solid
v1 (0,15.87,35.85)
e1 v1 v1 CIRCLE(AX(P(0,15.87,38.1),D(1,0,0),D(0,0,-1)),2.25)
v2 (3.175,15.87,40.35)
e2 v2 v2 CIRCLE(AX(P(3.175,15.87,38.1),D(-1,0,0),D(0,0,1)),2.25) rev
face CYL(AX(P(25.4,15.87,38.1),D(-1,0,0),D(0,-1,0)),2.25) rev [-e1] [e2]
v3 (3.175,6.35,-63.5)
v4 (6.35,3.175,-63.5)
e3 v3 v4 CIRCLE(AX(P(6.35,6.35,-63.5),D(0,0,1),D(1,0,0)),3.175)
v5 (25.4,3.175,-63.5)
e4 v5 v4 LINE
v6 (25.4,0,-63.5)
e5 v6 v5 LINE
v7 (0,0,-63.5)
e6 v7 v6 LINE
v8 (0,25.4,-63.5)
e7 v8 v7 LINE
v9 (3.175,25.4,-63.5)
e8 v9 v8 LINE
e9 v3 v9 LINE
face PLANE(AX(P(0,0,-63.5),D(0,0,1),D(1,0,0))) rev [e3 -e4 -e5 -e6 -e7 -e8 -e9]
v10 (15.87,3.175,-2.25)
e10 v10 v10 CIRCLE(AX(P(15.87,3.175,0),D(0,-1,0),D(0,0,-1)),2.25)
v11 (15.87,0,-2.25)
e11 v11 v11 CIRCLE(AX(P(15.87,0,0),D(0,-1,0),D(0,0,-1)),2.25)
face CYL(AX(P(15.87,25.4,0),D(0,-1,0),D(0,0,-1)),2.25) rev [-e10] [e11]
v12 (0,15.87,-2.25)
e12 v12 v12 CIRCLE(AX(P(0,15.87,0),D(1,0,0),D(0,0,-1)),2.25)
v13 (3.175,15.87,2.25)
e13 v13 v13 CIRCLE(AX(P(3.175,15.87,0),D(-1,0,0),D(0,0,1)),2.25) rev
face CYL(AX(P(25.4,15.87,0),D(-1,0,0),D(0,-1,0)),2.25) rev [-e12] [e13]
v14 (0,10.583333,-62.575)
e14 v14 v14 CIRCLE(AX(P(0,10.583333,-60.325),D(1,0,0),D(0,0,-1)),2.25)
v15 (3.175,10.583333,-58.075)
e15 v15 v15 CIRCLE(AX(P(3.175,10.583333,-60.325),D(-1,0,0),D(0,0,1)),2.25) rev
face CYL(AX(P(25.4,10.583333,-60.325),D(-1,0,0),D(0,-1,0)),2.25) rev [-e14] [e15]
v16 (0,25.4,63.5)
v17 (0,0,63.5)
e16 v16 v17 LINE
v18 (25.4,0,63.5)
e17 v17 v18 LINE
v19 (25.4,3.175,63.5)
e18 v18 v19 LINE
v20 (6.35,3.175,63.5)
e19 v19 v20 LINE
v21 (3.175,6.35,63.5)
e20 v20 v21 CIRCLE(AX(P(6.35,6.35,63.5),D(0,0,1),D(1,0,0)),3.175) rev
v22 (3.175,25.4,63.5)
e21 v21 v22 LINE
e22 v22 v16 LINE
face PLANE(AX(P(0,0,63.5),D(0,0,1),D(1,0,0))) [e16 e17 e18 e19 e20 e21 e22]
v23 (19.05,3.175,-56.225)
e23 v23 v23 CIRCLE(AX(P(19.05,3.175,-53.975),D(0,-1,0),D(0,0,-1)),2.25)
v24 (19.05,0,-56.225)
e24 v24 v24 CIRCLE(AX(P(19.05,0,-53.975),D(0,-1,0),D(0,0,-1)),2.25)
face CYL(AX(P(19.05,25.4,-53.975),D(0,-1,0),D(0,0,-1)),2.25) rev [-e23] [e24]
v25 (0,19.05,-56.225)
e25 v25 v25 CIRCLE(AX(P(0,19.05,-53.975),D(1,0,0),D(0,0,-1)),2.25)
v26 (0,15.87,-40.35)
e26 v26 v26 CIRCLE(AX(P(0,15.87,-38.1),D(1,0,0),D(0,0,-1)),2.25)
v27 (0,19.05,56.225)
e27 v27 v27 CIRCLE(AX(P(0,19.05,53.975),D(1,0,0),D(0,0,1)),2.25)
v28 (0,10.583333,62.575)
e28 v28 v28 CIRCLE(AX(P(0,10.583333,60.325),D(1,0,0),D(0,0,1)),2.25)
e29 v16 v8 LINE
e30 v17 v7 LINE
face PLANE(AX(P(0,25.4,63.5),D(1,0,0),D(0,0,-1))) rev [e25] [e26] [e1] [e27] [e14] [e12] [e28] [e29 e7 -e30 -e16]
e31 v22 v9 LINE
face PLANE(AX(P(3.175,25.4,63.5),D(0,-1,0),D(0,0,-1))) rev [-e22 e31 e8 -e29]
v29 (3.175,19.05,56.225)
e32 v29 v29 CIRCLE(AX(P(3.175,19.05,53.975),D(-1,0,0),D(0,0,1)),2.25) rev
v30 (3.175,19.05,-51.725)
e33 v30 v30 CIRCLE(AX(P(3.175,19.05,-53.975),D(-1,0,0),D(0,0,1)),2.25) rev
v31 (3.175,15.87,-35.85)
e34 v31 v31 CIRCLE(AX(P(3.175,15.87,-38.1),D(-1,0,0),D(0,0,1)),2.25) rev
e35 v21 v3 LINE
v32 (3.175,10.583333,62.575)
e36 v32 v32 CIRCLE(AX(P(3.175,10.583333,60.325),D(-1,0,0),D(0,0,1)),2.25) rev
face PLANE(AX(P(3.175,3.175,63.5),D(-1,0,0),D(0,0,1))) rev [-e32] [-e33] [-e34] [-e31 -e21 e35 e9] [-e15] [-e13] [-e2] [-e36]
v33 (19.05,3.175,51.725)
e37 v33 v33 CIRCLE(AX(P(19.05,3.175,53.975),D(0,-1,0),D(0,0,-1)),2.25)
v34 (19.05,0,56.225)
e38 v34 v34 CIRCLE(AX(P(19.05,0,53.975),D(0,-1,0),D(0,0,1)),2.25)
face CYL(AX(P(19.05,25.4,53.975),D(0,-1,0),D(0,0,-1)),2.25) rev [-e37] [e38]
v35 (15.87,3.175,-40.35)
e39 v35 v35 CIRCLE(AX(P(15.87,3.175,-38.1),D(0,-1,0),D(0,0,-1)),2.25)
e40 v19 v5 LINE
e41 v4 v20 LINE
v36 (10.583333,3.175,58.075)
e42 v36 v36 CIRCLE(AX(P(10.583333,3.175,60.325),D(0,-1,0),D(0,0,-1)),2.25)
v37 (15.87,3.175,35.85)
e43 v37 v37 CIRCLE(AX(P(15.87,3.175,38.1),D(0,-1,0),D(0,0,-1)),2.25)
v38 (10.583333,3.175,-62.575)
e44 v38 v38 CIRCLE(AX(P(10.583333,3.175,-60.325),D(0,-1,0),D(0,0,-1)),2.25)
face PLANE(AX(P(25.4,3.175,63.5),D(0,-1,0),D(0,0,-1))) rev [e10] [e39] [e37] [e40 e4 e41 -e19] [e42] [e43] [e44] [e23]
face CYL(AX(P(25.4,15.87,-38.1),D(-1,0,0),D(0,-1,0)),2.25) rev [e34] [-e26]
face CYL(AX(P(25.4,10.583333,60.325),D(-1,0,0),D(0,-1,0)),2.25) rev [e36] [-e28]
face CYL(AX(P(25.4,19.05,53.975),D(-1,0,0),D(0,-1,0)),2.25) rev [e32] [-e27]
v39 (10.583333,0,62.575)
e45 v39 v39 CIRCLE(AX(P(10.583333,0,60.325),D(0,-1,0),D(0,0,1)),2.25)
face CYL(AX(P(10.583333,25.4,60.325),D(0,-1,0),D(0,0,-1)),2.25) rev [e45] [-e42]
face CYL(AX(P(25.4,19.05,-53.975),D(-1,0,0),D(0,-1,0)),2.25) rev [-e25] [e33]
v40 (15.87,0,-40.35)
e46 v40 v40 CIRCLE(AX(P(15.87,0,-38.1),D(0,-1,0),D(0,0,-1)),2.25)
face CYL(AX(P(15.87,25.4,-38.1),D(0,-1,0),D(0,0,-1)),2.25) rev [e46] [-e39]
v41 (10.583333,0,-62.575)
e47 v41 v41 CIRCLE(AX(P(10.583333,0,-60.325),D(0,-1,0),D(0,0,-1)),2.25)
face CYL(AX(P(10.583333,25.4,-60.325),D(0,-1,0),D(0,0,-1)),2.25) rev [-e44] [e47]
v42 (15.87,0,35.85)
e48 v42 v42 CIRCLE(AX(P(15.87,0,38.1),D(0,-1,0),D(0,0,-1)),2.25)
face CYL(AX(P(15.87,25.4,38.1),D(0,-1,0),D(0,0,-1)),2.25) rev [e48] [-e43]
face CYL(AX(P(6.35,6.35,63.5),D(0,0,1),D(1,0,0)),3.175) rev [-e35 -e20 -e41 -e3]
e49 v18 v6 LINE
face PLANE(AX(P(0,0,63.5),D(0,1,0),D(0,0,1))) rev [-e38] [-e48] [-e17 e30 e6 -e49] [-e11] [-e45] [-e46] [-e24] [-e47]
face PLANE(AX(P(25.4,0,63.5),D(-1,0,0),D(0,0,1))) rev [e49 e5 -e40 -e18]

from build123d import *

# Parameters (mm, degrees)
BOSS_EXTRUDE1_DEPTH = 63.5
FILLET1_R           = 3.175
SKETCH2_R           = 2.25
CUT_EXTRUDE1_DEPTH  = 26.4


with BuildPart() as part:
    # Sketch1 → Boss-Extrude1 (new body, symmetric)
    with BuildSketch(Plane.XY):
        Polygon((0, 25.4), (0, 0), (25.4, 0), (25.4, 3.175), (3.175, 3.175), (3.175, 25.4), align=None)
    extrude(amount=BOSS_EXTRUDE1_DEPTH, both=True)

    # Fillet1
    fillet1_edges = [part.edges().sort_by_distance(p)[0] for p in [
        (3.175, 3.175, 0),
    ]]
    fillet(fillet1_edges, radius=FILLET1_R)

    # Sketch2 → Cut-Extrude1 (cut, through all)
    with BuildSketch(Plane.XZ):
        with Locations((19.05, -53.975)):
            Circle(SKETCH2_R)
        with Locations((10.583333333, -60.325)):
            Circle(SKETCH2_R)
        with Locations((10.583333333, 60.325)):
            Circle(SKETCH2_R)
        with Locations((19.05, 53.975)):
            Circle(SKETCH2_R)
        with Locations((15.87, 38.1)):
            Circle(SKETCH2_R)
        with Locations((15.87, 0)):
            Circle(SKETCH2_R)
        with Locations((15.87, -38.1)):
            Circle(SKETCH2_R)
    cut_extrude1 = extrude(amount=-CUT_EXTRUDE1_DEPTH, mode=Mode.SUBTRACT)

    # Mirror1: Cut-Extrude1 across plane
    add(cut_extrude1.mirror(Plane(origin=(0, 0, 0), x_dir=(0, 0, 1), z_dir=(0.707106781, -0.707106781, 0))), mode=Mode.SUBTRACT)


solid = part.part
